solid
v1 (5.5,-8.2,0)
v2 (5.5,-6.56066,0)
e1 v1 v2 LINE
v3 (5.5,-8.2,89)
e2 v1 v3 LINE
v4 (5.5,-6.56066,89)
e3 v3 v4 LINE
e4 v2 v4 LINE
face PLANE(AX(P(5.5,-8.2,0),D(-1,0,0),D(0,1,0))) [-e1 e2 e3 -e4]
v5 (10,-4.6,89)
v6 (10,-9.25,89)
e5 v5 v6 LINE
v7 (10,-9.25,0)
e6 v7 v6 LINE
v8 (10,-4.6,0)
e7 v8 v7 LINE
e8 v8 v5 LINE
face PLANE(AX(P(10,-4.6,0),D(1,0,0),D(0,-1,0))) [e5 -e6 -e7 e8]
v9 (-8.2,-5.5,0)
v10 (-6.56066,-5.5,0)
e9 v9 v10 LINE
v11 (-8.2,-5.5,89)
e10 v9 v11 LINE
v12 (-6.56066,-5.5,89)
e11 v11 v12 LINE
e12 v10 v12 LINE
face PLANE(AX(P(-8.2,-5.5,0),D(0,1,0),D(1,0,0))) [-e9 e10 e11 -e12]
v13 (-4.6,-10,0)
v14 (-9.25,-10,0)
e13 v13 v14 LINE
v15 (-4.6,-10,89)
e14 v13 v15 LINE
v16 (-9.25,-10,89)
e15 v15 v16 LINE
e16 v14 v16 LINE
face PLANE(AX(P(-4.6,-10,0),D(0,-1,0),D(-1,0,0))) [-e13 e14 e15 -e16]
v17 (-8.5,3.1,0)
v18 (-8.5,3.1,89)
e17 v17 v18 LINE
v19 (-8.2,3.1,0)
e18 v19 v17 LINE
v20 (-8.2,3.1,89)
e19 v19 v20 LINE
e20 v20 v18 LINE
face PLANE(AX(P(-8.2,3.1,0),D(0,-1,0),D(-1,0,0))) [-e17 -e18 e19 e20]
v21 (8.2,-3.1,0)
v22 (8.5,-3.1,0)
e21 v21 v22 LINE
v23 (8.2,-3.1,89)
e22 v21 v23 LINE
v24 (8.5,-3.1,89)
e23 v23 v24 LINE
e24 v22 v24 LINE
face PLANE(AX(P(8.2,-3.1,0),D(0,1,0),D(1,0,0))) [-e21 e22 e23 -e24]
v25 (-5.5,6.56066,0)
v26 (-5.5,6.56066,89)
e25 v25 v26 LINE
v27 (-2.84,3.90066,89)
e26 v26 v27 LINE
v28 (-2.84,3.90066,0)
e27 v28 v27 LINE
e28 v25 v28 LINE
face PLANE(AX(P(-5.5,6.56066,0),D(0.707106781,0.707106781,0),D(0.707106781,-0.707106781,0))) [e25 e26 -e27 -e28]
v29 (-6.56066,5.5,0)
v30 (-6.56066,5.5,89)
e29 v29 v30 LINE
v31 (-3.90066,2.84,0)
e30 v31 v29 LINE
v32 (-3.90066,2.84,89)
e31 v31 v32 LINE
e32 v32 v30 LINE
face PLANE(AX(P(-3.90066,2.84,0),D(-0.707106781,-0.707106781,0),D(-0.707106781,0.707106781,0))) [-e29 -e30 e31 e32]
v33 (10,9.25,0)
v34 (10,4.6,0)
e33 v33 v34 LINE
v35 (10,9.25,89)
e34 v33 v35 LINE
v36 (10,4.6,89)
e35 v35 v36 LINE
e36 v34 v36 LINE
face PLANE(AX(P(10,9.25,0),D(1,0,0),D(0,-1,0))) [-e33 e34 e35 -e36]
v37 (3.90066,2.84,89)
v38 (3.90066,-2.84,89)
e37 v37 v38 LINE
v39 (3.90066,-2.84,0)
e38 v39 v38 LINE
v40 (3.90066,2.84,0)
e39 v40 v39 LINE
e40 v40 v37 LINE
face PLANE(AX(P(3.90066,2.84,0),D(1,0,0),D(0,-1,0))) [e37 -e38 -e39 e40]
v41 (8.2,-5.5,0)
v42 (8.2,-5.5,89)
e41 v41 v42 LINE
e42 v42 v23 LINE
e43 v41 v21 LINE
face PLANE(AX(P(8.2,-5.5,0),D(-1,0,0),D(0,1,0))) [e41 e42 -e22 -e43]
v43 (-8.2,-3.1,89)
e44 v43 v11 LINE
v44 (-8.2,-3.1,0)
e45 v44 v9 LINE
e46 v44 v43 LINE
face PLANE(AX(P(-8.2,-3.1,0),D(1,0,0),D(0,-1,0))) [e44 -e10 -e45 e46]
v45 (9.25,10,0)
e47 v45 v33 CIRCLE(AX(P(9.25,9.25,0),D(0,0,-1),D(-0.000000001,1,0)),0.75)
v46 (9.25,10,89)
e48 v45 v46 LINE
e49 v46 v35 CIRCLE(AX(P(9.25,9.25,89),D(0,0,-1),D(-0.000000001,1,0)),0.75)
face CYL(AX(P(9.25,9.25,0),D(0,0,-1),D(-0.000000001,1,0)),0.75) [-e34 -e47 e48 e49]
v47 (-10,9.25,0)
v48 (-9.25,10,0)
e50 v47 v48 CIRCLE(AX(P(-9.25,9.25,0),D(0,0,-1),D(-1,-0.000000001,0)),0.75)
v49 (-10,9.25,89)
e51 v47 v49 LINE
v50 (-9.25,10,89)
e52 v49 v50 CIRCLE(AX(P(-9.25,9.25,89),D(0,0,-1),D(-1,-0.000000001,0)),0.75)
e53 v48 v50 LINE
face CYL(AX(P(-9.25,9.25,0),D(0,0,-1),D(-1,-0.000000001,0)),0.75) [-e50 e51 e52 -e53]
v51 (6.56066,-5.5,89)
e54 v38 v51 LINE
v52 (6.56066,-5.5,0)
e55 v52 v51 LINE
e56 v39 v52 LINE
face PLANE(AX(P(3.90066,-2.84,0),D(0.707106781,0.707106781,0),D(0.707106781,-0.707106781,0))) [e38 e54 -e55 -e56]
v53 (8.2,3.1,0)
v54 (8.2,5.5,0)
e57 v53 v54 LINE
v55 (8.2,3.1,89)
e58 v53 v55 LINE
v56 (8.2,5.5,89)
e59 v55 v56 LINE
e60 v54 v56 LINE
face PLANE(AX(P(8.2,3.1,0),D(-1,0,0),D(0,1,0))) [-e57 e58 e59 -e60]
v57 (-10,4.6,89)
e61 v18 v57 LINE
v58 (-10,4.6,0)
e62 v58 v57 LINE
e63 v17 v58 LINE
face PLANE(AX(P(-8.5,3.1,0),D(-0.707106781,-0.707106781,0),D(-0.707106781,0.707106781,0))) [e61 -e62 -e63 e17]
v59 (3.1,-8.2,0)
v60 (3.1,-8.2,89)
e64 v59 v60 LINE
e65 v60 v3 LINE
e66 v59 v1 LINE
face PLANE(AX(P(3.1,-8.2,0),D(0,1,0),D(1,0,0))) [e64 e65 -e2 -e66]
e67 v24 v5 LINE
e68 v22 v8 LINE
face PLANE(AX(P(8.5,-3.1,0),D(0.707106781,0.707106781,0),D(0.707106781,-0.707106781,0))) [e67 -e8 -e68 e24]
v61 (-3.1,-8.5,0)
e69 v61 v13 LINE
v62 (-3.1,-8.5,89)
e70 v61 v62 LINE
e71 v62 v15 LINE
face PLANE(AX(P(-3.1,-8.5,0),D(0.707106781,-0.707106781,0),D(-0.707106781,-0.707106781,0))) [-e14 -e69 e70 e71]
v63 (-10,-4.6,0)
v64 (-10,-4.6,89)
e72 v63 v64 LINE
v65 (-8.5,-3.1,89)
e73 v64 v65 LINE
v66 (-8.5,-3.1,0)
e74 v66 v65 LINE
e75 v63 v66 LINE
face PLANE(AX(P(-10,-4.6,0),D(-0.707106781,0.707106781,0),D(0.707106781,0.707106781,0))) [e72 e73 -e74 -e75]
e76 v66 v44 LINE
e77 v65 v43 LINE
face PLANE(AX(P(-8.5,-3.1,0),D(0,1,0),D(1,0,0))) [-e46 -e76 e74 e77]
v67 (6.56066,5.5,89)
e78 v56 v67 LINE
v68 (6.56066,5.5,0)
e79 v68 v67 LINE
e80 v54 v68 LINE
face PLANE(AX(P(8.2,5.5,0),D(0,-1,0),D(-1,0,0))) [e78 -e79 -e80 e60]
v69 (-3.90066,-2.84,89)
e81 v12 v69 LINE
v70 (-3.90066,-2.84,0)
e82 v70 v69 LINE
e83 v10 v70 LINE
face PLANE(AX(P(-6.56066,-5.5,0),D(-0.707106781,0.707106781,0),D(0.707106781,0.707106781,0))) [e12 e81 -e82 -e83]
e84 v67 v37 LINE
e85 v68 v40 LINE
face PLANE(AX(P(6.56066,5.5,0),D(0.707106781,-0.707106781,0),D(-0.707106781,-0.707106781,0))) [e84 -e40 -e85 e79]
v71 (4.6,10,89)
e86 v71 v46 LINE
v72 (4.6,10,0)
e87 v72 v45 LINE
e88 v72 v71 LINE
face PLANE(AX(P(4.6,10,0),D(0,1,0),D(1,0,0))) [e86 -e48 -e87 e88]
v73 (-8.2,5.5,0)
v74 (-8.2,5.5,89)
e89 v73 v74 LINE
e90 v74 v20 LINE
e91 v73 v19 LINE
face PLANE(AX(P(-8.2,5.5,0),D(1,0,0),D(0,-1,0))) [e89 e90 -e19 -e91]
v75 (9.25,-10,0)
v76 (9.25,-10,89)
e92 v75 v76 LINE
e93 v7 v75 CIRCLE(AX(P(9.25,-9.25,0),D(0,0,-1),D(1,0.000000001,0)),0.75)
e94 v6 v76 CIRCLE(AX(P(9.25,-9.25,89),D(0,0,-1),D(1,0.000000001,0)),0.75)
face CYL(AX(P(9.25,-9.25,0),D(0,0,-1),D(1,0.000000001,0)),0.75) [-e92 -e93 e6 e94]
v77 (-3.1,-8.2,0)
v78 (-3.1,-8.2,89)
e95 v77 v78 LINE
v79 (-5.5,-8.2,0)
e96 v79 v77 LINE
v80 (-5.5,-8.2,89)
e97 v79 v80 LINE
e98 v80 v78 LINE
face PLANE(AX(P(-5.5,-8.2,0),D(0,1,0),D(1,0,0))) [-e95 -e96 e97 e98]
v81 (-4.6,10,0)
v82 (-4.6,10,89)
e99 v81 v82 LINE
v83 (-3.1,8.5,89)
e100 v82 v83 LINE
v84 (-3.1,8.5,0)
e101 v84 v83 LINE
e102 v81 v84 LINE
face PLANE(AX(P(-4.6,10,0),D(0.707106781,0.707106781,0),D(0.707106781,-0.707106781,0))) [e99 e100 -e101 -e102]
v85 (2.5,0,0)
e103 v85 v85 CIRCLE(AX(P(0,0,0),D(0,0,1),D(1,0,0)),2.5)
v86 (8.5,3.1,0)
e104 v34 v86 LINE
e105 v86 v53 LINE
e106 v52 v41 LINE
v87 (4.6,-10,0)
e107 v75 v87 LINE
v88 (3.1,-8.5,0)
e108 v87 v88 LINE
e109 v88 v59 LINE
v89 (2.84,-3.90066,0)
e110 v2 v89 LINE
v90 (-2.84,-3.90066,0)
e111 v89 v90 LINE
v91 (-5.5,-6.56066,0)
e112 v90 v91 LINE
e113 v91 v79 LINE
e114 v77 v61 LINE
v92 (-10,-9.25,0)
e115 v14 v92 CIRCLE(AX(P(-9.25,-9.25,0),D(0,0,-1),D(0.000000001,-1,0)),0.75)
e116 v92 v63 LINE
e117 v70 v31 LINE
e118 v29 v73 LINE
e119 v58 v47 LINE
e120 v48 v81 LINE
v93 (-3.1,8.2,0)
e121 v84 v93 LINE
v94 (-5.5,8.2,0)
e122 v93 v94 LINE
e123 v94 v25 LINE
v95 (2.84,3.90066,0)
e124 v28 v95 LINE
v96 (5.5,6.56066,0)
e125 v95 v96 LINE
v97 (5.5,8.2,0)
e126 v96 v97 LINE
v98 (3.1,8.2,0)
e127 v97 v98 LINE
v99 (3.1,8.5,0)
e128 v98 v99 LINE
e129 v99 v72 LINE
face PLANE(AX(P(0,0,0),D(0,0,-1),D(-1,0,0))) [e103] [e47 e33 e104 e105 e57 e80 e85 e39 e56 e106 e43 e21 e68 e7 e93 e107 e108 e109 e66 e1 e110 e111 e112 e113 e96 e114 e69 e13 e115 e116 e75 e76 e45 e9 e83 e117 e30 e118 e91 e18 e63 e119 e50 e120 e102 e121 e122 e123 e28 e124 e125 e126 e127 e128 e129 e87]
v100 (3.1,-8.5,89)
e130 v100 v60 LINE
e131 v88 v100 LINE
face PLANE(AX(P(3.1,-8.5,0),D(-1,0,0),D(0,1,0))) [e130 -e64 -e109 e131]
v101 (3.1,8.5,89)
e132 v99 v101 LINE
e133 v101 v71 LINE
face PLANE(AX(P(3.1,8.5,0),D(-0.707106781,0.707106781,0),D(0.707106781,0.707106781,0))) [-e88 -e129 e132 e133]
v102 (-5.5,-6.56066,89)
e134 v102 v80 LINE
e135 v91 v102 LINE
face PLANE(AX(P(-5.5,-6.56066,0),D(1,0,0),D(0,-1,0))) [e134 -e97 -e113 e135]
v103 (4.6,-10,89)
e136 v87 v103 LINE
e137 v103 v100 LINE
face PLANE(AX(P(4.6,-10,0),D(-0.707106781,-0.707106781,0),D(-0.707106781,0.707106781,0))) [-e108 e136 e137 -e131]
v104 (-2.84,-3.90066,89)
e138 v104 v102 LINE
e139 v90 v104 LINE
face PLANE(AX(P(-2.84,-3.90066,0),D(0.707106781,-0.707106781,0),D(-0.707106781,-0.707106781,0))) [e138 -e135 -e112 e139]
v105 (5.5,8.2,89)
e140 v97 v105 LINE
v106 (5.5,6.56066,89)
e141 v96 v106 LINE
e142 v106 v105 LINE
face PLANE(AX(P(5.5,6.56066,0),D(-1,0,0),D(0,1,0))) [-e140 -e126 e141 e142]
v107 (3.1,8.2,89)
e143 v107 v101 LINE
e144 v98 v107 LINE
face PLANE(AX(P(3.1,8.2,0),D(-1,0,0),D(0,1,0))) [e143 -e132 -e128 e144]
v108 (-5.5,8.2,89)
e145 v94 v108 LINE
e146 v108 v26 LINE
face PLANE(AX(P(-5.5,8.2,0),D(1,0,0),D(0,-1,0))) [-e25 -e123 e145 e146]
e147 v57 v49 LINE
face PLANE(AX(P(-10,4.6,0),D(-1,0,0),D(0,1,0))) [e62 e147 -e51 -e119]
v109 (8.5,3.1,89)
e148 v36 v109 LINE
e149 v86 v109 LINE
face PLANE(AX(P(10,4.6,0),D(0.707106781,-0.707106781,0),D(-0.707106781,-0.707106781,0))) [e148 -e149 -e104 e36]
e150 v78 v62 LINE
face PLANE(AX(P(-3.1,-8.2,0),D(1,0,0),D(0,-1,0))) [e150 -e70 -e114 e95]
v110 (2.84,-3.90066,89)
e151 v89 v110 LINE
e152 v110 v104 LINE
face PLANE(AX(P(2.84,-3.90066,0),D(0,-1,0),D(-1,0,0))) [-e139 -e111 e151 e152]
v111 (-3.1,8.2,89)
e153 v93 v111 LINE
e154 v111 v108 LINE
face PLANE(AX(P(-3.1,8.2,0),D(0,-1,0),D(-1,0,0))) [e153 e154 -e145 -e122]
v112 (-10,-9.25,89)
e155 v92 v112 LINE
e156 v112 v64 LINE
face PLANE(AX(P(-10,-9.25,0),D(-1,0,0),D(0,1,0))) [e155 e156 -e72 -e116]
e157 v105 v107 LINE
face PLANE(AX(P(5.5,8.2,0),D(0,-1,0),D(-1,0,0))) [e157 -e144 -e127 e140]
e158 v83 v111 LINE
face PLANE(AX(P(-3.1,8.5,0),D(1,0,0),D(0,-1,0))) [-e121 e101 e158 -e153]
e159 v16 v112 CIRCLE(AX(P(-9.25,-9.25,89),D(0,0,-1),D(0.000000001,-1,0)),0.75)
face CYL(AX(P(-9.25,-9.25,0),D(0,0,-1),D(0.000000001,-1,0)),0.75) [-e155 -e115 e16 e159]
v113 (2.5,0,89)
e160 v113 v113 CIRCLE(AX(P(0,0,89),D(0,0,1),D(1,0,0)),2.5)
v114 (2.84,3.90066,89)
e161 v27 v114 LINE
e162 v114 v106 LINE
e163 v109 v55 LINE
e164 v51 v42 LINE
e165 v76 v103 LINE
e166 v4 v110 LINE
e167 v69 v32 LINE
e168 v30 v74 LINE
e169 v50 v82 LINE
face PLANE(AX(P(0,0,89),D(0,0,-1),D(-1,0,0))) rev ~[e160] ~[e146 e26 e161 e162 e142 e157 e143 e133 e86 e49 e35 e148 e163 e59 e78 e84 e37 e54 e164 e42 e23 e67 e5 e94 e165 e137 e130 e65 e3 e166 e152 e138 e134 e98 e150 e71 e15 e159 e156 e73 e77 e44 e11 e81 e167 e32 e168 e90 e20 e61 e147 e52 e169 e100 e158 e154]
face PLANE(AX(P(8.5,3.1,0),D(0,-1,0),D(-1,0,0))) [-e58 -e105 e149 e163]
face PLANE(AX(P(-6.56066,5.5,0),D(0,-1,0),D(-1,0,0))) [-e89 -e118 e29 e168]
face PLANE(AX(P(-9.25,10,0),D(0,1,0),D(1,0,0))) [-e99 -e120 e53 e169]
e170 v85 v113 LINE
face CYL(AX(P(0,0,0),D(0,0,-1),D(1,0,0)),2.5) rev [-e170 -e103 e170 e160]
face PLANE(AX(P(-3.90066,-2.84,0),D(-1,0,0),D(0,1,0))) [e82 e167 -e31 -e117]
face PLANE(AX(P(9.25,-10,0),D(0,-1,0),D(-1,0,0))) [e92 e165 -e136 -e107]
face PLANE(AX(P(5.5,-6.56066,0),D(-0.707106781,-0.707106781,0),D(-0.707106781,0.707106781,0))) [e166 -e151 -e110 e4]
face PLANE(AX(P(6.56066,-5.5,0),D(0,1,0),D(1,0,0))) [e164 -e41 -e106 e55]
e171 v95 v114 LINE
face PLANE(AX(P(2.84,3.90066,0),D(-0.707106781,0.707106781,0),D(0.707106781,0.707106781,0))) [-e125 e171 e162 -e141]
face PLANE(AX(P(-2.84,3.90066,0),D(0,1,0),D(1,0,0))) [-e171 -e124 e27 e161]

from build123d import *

# Parameters (mm, degrees)
CROQUIS1_R              = 2.5
SALIENTE_EXTRUIR1_DEPTH = 89


with BuildPart() as part:
    # Croquis1 → Saliente-Extruir1 (new body)
    with BuildSketch(Plane.XY):
        with BuildLine():
            Line((-4.6, 10), (-3.1, 8.5))
            Line((-3.1, 8.5), (-3.1, 8.2))
            Line((-3.1, 8.2), (-5.5, 8.2))
            Line((-5.5, 8.2), (-5.5, 6.560660172))
            Line((-5.5, 6.560660172), (-2.84, 3.900660172))
            Line((-2.84, 3.900660172), (0, 3.900660172))
            Line((0, 3.900660172), (2.84, 3.900660172))
            Line((2.84, 3.900660172), (5.5, 6.560660172))
            Line((5.5, 6.560660172), (5.5, 8.2))
            Line((5.5, 8.2), (3.1, 8.2))
            Line((3.1, 8.2), (3.1, 8.5))
            Line((3.1, 8.5), (4.6, 10))
            Line((4.6, 10), (9.25, 10))
            ThreePointArc((9.25, 10), (9.780330086, 9.780330086), (10, 9.25))
            Line((10, 9.25), (10, 4.6))
            Line((10, 4.6), (8.5, 3.1))
            Line((8.5, 3.1), (8.2, 3.1))
            Line((8.2, 3.1), (8.2, 5.5))
            Line((8.2, 5.5), (6.560660172, 5.5))
            Line((6.560660172, 5.5), (3.900660172, 2.84))
            Line((3.900660172, 2.84), (3.900660172, 0))
            Line((3.900660172, 0), (3.900660172, -2.84))
            Line((3.900660172, -2.84), (6.560660172, -5.5))
            Line((6.560660172, -5.5), (8.2, -5.5))
            Line((8.2, -5.5), (8.2, -3.1))
            Line((8.2, -3.1), (8.5, -3.1))
            Line((8.5, -3.1), (10, -4.6))
            Line((10, -4.6), (10, -9.25))
            ThreePointArc((10, -9.25), (9.780330086, -9.780330086), (9.25, -10))
            Line((9.25, -10), (4.6, -10))
            Line((4.6, -10), (3.1, -8.5))
            Line((3.1, -8.5), (3.1, -8.2))
            Line((3.1, -8.2), (5.5, -8.2))
            Line((5.5, -8.2), (5.5, -6.560660172))
            Line((5.5, -6.560660172), (2.84, -3.900660172))
            Line((2.84, -3.900660172), (0, -3.900660172))
            Line((0, -3.900660172), (-2.84, -3.900660172))
            Line((-2.84, -3.900660172), (-5.5, -6.560660172))
            Line((-5.5, -6.560660172), (-5.5, -8.2))
            Line((-5.5, -8.2), (-3.1, -8.2))
            Line((-3.1, -8.2), (-3.1, -8.5))
            Line((-3.1, -8.5), (-4.6, -10))
            Line((-4.6, -10), (-9.25, -10))
            ThreePointArc((-9.25, -10), (-9.780330086, -9.780330086), (-10, -9.25))
            Line((-10, -9.25), (-10, -4.6))
            Line((-10, -4.6), (-8.5, -3.1))
            Line((-8.5, -3.1), (-8.2, -3.1))
            Line((-8.2, -3.1), (-8.2, -5.5))
            Line((-8.2, -5.5), (-6.560660172, -5.5))
            Line((-6.560660172, -5.5), (-3.900660172, -2.84))
            Line((-3.900660172, -2.84), (-3.900660172, 0))
            Line((-3.900660172, 0), (-3.900660172, 2.84))
            Line((-3.900660172, 2.84), (-6.560660172, 5.5))
            Line((-6.560660172, 5.5), (-8.2, 5.5))
            Line((-8.2, 5.5), (-8.2, 3.1))
            Line((-8.2, 3.1), (-8.5, 3.1))
            Line((-8.5, 3.1), (-10, 4.6))
            Line((-10, 4.6), (-10, 9.25))
            ThreePointArc((-10, 9.25), (-9.780330086, 9.780330086), (-9.25, 10))
            Line((-9.25, 10), (-4.6, 10))
        make_face()
        Circle(CROQUIS1_R, mode=Mode.SUBTRACT)
    extrude(amount=SALIENTE_EXTRUIR1_DEPTH)


solid = part.part
